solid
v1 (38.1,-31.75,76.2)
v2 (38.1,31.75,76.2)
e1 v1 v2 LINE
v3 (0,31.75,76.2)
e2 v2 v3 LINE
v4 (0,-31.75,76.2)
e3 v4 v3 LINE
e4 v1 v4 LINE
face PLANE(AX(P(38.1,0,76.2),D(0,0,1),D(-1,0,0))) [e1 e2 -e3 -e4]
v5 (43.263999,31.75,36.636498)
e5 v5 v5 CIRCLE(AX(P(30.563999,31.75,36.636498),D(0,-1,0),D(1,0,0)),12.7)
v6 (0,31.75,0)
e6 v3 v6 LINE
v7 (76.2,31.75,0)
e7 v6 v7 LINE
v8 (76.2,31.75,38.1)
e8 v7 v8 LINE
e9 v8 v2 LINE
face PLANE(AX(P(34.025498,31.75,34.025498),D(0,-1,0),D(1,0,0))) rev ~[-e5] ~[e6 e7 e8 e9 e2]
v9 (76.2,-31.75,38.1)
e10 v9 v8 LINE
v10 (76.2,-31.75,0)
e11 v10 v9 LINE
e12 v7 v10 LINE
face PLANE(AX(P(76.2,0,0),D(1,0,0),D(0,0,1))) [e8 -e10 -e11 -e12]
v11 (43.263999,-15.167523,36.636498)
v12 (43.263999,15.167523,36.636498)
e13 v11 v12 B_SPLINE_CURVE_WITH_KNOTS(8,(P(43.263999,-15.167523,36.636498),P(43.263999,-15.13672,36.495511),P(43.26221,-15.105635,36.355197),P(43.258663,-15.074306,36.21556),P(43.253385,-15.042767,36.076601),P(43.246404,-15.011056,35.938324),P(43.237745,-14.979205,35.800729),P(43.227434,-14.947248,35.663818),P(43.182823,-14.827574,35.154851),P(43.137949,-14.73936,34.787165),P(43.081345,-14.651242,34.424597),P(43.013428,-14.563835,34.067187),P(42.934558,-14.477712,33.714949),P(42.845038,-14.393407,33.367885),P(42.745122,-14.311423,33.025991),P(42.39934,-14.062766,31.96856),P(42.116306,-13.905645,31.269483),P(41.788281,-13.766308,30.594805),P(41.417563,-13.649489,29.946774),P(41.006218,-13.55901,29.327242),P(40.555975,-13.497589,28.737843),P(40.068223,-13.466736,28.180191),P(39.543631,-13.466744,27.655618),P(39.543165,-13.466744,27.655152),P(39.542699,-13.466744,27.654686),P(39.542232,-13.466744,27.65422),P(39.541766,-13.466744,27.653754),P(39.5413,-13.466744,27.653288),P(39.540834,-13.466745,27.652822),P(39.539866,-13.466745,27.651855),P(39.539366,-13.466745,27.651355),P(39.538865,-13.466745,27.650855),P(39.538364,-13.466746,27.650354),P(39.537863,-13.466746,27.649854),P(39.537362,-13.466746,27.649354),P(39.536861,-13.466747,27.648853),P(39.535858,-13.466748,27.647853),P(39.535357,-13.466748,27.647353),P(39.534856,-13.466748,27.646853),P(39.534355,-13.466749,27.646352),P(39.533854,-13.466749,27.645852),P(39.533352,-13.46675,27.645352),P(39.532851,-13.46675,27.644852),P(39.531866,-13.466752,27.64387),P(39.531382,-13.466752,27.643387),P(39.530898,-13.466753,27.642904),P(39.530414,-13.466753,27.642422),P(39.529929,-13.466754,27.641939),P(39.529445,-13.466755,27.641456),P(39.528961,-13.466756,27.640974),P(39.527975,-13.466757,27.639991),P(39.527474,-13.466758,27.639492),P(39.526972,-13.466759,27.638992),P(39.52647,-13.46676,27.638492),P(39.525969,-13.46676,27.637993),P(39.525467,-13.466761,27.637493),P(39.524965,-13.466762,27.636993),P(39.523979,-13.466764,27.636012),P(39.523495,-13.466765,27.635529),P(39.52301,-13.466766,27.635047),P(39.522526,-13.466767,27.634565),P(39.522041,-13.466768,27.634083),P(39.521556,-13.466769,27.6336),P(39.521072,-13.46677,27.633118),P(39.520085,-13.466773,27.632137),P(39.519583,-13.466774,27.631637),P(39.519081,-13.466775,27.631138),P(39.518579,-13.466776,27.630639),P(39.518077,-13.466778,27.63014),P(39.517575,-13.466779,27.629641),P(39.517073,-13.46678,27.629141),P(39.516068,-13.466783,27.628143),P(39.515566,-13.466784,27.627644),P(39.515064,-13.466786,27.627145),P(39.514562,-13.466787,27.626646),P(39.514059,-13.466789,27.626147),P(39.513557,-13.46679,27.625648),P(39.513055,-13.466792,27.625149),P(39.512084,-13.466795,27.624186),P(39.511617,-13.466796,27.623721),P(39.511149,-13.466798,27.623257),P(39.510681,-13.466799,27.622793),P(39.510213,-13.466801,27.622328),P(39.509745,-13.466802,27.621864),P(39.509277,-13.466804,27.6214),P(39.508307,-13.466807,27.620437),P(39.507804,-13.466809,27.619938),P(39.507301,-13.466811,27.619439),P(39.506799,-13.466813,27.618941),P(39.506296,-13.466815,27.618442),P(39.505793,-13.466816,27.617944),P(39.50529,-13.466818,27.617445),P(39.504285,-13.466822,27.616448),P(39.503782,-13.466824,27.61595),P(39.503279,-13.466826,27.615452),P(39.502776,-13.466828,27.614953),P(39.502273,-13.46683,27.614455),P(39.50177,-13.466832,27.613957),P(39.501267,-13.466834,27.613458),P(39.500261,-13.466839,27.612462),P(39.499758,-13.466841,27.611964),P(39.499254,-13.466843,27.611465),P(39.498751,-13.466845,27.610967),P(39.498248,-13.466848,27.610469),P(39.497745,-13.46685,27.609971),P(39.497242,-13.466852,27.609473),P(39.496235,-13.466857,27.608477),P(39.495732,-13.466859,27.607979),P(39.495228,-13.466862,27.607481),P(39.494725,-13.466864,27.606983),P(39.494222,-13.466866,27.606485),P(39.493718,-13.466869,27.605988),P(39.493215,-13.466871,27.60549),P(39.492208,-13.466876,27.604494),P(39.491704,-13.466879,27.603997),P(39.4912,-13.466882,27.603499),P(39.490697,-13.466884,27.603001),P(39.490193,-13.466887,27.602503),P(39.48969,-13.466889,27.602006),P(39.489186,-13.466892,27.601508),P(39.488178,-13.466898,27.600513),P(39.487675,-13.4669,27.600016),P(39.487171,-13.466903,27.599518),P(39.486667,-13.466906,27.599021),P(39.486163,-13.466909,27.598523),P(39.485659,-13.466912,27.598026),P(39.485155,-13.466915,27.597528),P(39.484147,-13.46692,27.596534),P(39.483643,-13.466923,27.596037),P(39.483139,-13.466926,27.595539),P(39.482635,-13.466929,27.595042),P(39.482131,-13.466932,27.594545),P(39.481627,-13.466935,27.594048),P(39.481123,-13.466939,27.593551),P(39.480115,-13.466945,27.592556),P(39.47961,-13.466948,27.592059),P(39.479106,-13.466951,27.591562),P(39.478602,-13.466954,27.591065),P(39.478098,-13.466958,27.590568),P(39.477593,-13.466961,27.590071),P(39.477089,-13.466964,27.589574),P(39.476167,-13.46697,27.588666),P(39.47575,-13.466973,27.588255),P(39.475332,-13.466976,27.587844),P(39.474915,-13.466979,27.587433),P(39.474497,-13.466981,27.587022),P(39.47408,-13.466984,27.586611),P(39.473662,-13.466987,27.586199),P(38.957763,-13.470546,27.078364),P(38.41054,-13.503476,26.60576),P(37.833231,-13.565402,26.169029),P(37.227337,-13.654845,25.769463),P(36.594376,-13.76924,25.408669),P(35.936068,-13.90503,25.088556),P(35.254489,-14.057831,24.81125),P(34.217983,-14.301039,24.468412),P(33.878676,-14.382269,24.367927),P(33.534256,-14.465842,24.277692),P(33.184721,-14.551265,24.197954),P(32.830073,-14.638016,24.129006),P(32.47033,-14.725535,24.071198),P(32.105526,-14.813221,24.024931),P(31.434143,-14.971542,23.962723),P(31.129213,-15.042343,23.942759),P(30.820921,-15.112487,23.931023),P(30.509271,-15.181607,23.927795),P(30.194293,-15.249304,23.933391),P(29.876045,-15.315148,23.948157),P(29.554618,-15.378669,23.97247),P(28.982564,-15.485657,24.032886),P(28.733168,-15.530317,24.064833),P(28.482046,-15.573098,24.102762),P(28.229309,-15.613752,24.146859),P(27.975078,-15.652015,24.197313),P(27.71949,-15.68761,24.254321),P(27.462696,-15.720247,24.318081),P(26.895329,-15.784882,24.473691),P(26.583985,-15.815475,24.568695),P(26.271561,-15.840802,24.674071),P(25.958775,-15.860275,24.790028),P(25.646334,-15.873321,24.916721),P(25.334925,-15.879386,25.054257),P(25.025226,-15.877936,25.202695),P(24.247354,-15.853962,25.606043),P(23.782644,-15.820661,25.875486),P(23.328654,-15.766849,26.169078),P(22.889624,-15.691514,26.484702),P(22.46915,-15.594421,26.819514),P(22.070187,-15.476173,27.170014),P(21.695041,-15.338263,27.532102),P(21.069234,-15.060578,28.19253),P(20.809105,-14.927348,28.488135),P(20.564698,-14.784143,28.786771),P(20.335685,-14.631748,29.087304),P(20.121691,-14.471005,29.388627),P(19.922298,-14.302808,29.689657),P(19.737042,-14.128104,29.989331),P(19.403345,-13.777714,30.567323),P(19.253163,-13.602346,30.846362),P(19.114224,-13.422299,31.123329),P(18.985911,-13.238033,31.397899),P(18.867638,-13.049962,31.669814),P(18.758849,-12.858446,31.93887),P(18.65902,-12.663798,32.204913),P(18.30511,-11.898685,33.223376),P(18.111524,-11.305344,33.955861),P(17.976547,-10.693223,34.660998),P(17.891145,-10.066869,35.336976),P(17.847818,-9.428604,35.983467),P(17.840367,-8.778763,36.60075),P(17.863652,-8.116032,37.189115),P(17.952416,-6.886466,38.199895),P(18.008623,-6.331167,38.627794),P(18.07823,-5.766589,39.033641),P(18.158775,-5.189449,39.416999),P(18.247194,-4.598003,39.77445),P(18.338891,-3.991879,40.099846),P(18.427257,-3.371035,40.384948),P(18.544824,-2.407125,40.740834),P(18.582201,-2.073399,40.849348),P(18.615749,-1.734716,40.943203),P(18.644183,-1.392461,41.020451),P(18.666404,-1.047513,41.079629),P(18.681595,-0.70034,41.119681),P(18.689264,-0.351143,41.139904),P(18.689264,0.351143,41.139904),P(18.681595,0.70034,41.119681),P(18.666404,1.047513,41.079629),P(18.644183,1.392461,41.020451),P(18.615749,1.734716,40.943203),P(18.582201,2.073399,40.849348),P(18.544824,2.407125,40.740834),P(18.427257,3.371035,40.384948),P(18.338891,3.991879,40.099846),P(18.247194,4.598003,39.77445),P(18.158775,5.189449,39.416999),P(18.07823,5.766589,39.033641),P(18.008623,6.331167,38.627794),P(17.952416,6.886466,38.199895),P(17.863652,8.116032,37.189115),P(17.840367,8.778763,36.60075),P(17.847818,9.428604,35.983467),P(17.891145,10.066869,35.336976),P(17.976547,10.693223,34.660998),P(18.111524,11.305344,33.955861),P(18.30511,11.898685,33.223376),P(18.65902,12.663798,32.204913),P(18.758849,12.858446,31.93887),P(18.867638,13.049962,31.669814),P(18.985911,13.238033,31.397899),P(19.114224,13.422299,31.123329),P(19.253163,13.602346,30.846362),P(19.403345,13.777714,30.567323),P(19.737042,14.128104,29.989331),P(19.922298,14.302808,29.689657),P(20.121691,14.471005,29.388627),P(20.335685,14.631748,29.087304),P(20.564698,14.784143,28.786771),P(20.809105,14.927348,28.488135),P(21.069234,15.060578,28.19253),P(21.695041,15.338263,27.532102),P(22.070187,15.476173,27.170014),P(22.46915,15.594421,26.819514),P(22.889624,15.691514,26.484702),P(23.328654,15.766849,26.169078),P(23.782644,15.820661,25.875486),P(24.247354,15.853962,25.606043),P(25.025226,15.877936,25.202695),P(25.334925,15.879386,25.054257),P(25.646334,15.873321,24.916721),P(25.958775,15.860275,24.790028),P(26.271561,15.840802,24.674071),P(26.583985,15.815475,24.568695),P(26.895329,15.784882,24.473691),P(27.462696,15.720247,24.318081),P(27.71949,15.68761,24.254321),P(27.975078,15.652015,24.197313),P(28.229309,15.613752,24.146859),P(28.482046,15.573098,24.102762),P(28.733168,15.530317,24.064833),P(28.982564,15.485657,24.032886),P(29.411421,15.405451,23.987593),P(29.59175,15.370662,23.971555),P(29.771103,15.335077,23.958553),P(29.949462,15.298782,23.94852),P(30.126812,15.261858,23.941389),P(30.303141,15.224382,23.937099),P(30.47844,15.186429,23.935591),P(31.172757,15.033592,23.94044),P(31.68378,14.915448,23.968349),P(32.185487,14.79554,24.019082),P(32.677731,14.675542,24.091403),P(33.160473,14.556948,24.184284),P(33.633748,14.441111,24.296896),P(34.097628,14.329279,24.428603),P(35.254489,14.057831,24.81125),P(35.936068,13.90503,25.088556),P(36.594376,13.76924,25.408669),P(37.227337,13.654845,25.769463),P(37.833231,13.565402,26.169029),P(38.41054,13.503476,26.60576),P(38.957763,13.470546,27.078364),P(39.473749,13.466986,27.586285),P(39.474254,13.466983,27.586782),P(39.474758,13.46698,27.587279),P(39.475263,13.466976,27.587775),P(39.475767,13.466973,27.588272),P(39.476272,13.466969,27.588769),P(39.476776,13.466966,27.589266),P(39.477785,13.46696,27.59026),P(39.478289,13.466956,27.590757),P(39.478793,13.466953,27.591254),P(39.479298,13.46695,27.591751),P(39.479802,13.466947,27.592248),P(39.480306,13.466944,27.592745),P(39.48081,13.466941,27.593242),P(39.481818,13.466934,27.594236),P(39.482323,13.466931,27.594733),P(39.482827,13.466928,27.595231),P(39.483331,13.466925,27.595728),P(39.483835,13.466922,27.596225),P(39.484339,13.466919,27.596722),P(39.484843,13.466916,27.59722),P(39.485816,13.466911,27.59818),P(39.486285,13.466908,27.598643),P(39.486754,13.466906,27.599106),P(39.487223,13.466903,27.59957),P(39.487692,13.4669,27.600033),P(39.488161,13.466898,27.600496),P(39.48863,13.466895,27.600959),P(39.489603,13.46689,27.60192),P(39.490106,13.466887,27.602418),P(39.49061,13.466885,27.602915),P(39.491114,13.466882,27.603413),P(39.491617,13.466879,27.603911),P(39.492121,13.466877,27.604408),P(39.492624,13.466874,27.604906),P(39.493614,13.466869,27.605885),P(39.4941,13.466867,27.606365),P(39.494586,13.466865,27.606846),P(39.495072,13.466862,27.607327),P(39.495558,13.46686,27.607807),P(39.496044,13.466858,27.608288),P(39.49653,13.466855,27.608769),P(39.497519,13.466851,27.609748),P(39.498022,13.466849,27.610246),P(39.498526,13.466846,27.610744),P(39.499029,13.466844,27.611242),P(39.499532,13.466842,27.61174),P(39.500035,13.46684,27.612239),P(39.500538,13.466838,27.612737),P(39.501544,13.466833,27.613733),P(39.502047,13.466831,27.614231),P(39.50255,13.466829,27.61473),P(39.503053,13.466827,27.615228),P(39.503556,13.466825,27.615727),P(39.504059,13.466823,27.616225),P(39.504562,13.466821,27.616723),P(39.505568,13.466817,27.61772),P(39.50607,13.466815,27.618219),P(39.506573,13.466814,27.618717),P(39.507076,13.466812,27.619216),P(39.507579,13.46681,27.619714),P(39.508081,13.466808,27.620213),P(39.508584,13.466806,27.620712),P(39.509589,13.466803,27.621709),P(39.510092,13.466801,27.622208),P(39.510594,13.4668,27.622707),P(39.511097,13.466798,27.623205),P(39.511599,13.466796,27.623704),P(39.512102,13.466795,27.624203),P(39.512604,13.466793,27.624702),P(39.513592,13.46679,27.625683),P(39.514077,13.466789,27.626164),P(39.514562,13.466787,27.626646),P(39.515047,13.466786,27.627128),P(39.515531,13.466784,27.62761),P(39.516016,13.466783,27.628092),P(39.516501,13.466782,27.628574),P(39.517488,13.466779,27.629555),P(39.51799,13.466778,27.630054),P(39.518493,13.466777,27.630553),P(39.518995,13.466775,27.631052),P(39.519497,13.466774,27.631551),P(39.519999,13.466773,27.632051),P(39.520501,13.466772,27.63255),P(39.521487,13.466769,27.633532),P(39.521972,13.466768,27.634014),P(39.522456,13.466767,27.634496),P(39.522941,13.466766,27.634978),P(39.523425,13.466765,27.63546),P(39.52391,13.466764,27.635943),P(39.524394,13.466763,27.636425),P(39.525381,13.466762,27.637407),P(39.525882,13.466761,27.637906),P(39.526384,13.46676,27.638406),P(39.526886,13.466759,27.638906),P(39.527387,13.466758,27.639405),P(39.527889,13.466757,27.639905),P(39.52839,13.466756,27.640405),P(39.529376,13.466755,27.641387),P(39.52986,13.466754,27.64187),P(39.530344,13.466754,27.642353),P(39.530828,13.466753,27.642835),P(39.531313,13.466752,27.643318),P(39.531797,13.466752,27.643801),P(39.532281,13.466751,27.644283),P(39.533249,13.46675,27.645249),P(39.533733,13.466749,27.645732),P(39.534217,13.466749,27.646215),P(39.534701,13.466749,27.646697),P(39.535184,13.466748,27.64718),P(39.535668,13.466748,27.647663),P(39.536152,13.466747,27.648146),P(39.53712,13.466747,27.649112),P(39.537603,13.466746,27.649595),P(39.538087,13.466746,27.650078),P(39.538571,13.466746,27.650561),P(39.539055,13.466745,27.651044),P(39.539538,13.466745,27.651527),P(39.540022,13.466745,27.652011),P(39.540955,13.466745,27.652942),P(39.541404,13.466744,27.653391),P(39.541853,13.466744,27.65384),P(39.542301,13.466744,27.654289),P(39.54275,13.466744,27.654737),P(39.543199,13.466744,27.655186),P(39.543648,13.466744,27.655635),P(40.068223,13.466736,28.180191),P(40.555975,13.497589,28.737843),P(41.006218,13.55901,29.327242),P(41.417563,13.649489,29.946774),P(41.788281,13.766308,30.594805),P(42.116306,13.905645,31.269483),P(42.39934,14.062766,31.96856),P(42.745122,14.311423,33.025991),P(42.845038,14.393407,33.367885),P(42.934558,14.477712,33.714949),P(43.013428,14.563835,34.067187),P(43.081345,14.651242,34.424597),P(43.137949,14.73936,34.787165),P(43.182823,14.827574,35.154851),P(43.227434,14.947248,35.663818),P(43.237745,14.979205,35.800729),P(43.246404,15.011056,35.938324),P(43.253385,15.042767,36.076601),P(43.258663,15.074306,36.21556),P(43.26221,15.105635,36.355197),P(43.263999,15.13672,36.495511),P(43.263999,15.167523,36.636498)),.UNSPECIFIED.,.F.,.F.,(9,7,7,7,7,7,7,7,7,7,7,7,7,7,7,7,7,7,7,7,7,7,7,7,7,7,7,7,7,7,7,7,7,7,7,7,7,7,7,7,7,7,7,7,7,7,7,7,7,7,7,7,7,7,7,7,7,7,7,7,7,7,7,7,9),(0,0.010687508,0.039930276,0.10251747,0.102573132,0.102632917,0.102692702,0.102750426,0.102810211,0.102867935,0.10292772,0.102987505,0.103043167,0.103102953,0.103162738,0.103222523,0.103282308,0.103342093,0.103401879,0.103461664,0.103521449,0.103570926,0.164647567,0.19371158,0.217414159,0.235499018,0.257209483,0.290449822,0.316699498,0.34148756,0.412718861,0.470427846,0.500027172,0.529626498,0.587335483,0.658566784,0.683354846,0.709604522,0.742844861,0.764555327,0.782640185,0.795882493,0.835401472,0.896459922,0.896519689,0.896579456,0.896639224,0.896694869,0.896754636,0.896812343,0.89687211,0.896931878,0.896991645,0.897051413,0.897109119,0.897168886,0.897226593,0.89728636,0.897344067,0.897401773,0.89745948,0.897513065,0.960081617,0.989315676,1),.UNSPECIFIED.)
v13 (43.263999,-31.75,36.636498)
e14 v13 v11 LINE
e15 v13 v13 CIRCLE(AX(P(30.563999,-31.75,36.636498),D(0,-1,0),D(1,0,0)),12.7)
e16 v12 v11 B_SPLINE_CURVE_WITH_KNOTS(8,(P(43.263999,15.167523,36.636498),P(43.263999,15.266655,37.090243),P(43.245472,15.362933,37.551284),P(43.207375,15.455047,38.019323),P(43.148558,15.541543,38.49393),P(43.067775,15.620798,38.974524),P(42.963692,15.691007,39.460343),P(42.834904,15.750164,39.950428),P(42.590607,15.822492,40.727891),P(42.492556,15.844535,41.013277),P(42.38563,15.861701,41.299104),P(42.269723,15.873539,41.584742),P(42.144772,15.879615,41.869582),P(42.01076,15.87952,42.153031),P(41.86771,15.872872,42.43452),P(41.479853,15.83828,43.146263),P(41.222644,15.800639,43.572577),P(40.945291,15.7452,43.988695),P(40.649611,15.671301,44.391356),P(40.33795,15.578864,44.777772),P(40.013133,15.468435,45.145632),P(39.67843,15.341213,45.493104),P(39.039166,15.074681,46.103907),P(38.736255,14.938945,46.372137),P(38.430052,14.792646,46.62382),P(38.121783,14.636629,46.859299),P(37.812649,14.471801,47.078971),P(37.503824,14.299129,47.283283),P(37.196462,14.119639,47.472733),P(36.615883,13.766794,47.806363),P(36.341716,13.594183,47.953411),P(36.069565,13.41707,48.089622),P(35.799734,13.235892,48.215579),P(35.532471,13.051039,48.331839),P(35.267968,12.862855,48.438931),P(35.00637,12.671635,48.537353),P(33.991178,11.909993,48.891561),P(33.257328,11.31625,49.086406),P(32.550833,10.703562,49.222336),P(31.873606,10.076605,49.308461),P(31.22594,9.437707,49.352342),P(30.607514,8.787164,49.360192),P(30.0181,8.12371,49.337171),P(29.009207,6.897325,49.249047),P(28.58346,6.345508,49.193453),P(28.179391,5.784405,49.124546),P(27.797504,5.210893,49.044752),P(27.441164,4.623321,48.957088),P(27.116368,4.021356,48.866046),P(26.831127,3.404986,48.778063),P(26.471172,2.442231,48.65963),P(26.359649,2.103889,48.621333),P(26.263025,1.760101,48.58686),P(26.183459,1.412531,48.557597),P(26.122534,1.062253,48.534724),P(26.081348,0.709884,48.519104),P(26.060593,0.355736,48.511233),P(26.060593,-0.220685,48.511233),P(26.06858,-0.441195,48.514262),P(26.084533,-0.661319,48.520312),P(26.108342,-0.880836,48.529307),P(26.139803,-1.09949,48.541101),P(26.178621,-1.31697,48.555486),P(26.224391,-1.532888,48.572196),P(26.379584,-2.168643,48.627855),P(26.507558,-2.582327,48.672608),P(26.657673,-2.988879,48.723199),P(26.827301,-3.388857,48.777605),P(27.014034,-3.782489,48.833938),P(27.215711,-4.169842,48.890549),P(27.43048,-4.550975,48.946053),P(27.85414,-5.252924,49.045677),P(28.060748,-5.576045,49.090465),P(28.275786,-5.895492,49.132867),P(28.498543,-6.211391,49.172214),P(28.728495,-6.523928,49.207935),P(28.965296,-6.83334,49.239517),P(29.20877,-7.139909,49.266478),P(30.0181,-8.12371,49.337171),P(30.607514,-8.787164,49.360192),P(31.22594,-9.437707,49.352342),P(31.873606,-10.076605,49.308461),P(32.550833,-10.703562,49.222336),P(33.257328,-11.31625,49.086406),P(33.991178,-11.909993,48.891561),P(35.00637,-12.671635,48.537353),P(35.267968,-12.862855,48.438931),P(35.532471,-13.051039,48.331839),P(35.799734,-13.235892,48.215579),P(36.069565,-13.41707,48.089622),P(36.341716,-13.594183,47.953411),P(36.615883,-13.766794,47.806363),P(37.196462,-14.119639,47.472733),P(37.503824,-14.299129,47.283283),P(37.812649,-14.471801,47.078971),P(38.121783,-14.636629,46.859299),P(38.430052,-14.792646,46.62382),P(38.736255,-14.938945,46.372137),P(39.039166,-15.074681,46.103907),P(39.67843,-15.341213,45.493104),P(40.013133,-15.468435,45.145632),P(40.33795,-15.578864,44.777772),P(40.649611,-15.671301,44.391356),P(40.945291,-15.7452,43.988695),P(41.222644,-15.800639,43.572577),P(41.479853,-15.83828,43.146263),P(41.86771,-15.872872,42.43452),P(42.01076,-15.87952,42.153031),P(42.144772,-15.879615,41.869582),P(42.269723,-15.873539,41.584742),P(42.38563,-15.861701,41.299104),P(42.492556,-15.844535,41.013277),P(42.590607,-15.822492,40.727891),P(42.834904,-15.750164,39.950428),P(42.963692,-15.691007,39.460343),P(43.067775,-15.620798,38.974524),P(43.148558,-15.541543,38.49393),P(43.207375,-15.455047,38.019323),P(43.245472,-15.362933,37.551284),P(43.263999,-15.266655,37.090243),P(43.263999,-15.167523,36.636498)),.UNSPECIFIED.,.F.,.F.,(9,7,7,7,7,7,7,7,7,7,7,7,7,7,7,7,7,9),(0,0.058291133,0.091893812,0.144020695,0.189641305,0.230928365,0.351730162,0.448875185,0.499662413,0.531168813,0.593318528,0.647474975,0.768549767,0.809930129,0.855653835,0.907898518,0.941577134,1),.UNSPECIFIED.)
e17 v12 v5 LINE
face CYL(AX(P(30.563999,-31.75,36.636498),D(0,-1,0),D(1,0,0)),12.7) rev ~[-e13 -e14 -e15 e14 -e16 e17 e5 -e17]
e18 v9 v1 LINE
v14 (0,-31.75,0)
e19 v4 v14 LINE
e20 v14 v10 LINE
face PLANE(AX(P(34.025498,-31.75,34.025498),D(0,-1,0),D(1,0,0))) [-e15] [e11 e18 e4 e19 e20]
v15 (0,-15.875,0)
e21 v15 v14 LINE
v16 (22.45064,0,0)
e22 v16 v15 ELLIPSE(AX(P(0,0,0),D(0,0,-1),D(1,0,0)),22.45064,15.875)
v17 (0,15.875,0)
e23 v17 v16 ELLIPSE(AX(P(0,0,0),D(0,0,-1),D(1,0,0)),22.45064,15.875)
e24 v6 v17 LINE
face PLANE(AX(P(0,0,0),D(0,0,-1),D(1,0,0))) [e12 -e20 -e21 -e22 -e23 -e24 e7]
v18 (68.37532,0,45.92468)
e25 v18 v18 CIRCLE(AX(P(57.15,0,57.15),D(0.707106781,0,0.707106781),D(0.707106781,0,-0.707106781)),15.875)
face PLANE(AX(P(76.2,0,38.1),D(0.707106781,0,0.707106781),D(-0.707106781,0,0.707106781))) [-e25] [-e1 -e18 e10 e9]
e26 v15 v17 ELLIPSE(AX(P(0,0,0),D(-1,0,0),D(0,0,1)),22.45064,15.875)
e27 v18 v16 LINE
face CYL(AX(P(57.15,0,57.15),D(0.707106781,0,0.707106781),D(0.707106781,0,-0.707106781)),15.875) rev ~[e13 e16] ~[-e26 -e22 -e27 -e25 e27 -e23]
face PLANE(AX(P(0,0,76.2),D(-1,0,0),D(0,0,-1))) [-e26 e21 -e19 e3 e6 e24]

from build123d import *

# Parameters (mm, degrees)
F1_DEPTH = 31.75
F2_R     = 15.875
F3_DEPTH = 80.823305
F4_R     = 12.7
F5_DEPTH = 63.501


with BuildPart() as f1:
    # F0 (on Front) → F1 (new body, symmetric)
    with BuildSketch(Plane.XZ):
        Polygon((0, 76.2), (0, 0), (76.2, 0), (76.2, 38.1), (38.1, 76.2), align=None)
    extrude(amount=F1_DEPTH, both=True)

    # F2 (on face) → F3 (cut, through all)
    with BuildSketch(Plane(origin=(57.15, 0, 57.15), x_dir=(0.707107, 0, -0.707107), z_dir=(0.707107, 0, 0.707107))):
        Circle(F2_R)
    extrude(amount=-F3_DEPTH, mode=Mode.SUBTRACT)

    # F4 (on face) → F5 (cut, through all)
    with BuildSketch(Plane.XZ.offset(31.75)):
        with Locations((30.563999, 36.636498)):
            Circle(F4_R)
    extrude(amount=-F5_DEPTH, mode=Mode.SUBTRACT)


solid = f1.part
